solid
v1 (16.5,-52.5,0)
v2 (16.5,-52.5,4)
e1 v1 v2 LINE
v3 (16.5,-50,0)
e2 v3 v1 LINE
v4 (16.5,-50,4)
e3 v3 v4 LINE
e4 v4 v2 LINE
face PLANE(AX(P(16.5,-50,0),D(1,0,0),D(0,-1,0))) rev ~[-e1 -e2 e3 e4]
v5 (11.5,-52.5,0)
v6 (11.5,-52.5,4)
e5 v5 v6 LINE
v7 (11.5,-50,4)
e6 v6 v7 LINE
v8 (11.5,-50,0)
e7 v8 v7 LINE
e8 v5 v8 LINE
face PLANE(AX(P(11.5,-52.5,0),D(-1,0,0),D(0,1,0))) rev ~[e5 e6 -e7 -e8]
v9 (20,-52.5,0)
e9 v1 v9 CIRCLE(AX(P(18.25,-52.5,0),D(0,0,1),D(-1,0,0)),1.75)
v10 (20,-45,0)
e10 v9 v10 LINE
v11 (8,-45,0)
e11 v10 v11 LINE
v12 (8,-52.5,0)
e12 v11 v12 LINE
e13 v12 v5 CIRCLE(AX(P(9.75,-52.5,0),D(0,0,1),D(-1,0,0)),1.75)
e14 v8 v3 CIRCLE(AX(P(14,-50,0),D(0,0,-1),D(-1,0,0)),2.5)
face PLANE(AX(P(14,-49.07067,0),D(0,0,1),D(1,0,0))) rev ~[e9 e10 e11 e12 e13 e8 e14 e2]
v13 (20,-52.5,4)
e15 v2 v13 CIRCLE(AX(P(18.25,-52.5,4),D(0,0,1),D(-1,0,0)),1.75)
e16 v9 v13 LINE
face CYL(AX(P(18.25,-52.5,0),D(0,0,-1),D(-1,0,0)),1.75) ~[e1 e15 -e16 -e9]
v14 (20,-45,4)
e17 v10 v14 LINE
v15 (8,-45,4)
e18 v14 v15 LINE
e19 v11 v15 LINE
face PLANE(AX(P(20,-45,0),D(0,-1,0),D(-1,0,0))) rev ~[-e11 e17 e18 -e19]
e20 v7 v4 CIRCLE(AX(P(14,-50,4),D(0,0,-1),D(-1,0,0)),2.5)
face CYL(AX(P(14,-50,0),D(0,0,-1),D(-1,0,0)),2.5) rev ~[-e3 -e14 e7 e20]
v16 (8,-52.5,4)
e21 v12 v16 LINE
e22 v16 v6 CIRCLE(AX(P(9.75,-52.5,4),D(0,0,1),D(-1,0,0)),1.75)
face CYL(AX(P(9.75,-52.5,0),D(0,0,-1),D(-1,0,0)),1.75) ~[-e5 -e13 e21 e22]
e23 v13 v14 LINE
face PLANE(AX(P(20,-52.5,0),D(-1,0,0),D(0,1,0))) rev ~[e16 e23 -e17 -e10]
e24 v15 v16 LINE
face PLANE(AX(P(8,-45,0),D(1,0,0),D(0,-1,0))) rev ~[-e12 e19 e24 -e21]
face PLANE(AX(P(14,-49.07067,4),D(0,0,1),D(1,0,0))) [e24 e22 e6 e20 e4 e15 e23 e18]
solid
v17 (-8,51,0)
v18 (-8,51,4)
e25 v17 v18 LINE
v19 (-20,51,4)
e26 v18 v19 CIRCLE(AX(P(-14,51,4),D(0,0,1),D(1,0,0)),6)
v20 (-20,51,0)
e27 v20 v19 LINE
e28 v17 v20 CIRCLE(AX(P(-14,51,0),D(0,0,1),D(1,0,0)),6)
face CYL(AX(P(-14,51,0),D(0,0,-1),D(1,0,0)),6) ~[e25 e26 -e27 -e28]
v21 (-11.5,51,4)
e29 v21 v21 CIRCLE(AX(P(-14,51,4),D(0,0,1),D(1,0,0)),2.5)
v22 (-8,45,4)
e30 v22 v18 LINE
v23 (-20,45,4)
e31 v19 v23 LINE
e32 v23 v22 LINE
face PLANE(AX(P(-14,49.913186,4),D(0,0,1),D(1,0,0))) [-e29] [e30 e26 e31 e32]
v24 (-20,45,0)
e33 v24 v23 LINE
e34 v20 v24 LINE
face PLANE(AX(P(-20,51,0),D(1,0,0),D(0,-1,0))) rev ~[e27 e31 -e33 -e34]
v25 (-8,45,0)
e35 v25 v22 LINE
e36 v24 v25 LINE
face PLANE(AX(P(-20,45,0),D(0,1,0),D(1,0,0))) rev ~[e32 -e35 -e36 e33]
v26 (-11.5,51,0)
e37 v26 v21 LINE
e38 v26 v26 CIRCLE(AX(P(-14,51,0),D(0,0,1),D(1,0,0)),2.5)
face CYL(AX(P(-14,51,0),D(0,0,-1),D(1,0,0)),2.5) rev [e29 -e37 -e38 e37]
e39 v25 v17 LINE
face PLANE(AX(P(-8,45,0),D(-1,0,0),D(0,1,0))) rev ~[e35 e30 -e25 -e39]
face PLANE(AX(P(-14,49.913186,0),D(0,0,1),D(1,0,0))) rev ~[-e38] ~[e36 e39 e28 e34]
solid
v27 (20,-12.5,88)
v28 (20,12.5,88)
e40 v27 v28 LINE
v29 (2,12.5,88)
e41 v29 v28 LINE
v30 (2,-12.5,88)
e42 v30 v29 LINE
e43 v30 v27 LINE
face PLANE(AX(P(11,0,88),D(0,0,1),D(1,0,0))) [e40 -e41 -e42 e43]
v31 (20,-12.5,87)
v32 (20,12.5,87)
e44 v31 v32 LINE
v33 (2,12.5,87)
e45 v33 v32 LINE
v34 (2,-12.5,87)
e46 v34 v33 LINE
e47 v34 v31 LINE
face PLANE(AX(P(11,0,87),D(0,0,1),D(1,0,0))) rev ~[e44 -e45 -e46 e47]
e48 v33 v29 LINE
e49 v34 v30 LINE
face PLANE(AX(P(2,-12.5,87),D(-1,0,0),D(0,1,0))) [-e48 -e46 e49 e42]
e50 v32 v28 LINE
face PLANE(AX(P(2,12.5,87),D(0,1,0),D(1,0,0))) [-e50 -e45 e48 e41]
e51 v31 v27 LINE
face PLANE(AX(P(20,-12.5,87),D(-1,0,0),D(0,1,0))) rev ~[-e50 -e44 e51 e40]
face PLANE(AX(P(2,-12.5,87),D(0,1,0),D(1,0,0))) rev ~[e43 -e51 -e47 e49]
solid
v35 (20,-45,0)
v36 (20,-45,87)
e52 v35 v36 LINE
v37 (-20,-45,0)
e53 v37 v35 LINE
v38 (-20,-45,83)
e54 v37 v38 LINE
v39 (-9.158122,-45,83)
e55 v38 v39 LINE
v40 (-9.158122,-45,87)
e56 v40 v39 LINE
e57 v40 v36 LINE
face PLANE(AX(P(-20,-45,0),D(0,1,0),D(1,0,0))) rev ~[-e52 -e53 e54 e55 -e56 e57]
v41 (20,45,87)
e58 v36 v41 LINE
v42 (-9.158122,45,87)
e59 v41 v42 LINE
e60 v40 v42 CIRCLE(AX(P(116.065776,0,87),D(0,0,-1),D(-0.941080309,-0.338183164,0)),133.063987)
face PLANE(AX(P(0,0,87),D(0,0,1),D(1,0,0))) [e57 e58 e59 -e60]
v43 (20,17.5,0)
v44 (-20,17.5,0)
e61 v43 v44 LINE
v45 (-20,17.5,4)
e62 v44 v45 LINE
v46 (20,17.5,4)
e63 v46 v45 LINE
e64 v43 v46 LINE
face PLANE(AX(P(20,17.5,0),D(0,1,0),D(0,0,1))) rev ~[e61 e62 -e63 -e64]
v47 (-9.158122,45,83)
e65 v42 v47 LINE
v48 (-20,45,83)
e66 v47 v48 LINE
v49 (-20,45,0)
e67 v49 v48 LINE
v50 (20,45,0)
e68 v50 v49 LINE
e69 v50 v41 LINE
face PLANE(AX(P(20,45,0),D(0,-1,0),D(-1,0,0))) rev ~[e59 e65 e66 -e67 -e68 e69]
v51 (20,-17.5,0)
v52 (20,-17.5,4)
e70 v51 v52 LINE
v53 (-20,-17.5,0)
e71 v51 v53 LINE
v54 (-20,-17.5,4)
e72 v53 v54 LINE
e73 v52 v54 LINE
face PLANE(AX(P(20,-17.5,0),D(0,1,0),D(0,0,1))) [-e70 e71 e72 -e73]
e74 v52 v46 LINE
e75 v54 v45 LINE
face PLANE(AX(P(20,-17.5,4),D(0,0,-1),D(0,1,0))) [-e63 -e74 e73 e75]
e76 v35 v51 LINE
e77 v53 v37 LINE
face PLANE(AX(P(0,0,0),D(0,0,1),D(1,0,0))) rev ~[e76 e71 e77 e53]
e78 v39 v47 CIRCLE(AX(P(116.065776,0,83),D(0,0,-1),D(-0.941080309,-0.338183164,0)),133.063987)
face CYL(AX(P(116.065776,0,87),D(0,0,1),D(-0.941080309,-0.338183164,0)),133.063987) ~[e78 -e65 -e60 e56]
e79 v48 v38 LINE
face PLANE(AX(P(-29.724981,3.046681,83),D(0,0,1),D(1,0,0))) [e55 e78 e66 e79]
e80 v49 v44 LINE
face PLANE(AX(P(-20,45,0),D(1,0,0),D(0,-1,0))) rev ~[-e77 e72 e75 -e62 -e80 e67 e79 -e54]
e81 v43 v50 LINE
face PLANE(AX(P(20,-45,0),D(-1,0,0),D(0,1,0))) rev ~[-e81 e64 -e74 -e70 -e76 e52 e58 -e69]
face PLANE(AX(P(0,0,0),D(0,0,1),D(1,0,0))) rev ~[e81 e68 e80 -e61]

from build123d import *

# Parameters (mm, degrees)
F1_DEPTH = 87
F0_R     = 2.5
F2_DEPTH = 4
F4_DEPTH = 4
F5_W     = 18
F5_H     = 25
F6_DEPTH = 1
F7_W     = 35
F7_H     = 4
F8_DEPTH = 40.001


with BuildPart() as f1:
    # F0 (on Top) → F1 (new body)
    with BuildSketch(Plane.XY):
        Polygon((20, -45), (20, 45), (-8, 45), (-20, 45), (-20, -45), (8, -45), align=None)
    extrude(amount=F1_DEPTH)

    # F3 (on face) → F4 (cut)
    with BuildSketch(Plane.XY.offset(87)):
        Polygon((-20, 45), (-9.158122, 45), (-9.158122, 62.903538), (-46.149671, 62.903538), (-46.149671, -56.387458), (-9.158122, -56.387458), (-9.158122, -45), (-20, -45), align=None)
        with BuildLine():
            ThreePointArc((-9.158122, -45), (-16.998211, 0), (-9.158122, 45))
            Line((-9.158122, 45), (-20, 45))
            Line((-20, 45), (-20, -45))
            Line((-20, -45), (-9.158122, -45))
        make_face()
    extrude(amount=-F4_DEPTH, mode=Mode.SUBTRACT)

    # F7 (on face) → F8 (cut, through all)
    with BuildSketch(Plane.YZ.offset(20)):
        with Locations((0, 2)):
            Rectangle(F7_W, F7_H)
    extrude(amount=-F8_DEPTH, mode=Mode.SUBTRACT)


with BuildPart() as f2:
    # F0 (on Top) → F2 (new body)
    with BuildSketch(Plane.XY):
        with BuildLine():
            Line((-20, 45), (-8, 45))
            Line((-8, 45), (-8, 51))
            ThreePointArc((-8, 51), (-14, 57), (-20, 51))
            Line((-20, 51), (-20, 45))
        make_face()
        with Locations((-14, 51)):
            Circle(F0_R, mode=Mode.SUBTRACT)
        with BuildLine():
            Line((20, -52.5), (20, -45))
            Line((20, -45), (8, -45))
            Line((8, -45), (8, -52.5))
            ThreePointArc((8, -52.5), (9.75, -54.25), (11.5, -52.5))
            Line((11.5, -52.5), (11.5, -50))
            ThreePointArc((11.5, -50), (14, -47.5), (16.5, -50))
            Line((16.5, -50), (16.5, -52.5))
            ThreePointArc((16.5, -52.5), (18.25, -54.25), (20, -52.5))
        make_face()
    extrude(amount=F2_DEPTH)


with BuildPart() as f6:
    # F5 (on face) → F6 (new body)
    with BuildSketch(Plane.XY.offset(87)):
        with Locations((11, 0)):
            Rectangle(F5_W, F5_H)
    extrude(amount=F6_DEPTH)


solid = Compound([f1.part, f2.part, f6.part])
